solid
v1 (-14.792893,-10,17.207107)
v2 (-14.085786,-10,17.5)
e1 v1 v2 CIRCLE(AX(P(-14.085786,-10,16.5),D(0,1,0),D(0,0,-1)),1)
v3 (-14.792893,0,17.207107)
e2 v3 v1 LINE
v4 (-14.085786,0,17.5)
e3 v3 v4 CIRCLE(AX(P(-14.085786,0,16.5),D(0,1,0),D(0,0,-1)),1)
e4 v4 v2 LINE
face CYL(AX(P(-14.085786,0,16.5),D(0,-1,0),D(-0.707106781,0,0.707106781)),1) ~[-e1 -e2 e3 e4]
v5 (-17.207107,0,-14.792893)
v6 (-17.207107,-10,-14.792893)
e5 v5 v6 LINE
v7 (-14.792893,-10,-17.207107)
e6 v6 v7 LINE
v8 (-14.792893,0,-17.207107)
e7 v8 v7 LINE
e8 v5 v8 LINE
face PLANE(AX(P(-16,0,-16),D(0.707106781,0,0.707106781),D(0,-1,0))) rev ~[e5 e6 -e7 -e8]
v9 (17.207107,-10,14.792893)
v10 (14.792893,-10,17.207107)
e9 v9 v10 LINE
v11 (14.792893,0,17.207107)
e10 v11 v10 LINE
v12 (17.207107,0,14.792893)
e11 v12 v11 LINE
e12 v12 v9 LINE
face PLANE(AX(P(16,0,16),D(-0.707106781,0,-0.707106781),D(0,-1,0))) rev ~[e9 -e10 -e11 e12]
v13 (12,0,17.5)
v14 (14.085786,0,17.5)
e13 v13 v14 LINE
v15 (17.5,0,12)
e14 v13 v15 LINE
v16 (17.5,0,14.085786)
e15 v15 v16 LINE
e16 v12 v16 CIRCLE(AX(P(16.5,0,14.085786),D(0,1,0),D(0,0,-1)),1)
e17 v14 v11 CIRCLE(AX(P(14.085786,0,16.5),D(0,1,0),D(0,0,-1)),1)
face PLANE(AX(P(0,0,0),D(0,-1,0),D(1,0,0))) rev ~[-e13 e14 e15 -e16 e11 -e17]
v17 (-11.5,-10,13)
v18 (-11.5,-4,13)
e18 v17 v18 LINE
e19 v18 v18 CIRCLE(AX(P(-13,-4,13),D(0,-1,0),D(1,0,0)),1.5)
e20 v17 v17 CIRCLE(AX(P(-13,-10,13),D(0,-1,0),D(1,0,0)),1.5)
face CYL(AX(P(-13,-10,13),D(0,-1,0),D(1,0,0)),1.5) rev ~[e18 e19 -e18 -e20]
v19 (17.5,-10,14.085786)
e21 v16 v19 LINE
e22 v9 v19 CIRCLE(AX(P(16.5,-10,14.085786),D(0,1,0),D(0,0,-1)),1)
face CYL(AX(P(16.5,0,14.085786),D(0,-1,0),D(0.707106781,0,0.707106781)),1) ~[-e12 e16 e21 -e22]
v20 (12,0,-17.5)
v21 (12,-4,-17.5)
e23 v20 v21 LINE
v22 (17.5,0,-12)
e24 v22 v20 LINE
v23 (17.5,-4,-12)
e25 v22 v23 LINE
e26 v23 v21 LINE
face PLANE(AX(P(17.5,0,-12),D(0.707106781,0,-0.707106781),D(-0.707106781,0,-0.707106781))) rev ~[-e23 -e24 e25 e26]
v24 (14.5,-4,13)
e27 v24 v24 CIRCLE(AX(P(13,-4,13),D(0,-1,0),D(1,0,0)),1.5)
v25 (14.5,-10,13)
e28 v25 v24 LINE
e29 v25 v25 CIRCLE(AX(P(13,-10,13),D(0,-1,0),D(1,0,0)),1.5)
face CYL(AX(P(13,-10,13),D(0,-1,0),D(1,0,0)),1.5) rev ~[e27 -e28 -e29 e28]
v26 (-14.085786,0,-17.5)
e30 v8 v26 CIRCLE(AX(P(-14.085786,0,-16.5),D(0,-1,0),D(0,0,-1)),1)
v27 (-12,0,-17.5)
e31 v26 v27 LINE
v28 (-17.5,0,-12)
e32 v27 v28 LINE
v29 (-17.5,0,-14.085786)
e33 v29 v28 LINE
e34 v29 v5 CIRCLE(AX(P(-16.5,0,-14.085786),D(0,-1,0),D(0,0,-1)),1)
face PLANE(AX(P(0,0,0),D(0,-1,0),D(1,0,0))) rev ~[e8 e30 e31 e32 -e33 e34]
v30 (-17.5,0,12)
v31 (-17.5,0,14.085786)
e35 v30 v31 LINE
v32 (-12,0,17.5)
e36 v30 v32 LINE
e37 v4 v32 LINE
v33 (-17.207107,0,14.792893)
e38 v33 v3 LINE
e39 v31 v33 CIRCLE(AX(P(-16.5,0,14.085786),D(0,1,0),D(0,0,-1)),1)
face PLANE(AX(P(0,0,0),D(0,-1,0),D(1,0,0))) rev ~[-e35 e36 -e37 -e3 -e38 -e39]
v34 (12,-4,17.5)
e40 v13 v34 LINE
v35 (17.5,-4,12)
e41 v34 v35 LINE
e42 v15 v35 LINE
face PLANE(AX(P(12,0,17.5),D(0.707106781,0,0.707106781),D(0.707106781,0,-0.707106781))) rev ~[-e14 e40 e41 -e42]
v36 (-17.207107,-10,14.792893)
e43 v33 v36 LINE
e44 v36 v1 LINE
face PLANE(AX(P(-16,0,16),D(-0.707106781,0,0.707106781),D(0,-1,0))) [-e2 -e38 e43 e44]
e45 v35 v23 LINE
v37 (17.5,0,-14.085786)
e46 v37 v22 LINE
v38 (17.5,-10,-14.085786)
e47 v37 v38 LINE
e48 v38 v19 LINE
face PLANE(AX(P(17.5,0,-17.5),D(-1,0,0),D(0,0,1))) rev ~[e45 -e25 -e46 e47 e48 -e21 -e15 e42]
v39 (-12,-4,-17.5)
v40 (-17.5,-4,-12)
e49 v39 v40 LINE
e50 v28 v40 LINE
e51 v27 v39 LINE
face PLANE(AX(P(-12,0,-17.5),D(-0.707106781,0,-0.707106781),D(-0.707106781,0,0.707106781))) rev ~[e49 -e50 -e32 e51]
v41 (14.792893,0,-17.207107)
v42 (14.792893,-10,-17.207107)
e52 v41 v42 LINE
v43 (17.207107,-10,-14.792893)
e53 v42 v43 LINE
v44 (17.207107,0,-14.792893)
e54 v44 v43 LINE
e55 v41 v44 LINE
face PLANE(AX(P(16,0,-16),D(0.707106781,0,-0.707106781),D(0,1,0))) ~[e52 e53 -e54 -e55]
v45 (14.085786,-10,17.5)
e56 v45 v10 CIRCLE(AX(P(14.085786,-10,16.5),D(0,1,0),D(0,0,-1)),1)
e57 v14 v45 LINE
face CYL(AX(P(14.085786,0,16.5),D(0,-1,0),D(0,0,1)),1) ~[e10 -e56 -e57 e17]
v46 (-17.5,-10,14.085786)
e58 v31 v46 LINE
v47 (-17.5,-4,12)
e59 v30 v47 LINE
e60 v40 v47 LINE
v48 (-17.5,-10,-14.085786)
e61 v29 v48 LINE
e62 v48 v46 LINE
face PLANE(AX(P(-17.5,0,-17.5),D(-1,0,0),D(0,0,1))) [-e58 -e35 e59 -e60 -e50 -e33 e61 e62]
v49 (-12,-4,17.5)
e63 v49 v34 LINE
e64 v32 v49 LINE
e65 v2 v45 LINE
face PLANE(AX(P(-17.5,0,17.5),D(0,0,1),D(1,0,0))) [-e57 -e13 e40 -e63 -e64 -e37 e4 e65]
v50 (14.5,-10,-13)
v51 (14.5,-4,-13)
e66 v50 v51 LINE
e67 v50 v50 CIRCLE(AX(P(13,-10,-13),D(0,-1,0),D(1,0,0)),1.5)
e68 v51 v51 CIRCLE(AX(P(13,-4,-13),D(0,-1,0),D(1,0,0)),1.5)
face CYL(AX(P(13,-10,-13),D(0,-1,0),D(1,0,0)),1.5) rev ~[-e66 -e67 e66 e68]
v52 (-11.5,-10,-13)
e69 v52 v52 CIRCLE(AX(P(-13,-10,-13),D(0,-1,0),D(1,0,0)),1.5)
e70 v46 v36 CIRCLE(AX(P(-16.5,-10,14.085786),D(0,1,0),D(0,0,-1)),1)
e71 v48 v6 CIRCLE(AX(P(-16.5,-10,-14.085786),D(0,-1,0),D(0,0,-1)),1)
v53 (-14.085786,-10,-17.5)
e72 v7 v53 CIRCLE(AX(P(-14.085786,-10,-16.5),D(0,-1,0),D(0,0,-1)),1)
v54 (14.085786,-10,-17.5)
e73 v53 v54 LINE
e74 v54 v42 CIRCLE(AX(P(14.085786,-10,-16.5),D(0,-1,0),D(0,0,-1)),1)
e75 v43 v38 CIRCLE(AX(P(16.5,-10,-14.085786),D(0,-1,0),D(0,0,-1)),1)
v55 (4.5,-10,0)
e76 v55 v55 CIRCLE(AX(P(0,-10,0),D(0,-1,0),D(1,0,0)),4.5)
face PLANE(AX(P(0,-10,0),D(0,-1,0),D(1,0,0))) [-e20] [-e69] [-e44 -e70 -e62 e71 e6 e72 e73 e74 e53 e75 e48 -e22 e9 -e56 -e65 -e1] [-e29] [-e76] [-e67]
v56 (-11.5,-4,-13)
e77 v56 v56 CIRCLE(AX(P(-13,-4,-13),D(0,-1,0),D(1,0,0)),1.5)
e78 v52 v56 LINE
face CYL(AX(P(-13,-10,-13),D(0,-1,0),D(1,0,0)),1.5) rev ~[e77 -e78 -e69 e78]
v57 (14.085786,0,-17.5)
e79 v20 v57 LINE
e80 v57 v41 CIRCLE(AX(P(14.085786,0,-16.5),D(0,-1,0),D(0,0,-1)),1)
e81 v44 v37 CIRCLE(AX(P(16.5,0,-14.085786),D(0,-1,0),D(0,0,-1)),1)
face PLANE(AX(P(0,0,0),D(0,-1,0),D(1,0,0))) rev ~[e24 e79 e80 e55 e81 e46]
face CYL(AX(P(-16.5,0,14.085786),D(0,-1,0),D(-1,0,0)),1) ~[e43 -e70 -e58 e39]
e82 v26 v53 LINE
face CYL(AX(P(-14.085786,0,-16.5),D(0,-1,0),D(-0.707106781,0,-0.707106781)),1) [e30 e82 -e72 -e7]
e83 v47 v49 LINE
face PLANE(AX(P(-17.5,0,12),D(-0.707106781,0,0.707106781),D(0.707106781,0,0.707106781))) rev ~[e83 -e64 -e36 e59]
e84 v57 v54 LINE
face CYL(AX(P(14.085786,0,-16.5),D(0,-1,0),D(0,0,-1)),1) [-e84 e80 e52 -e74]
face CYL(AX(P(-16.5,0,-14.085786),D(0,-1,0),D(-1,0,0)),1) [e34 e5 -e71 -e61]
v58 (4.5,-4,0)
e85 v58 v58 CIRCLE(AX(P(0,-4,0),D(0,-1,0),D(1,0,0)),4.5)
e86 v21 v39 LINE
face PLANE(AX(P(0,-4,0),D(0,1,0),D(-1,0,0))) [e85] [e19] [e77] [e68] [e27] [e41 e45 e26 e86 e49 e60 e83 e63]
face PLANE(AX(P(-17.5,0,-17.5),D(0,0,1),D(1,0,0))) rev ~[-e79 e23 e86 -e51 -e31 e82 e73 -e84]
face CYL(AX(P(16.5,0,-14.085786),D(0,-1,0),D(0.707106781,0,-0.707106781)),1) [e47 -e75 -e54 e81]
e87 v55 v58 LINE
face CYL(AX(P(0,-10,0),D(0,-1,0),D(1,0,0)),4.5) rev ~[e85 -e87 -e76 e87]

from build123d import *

# Parameters (mm, degrees)
F0_W     = 35
F0_H     = 35
F1_DEPTH = 10
F2_SIZE  = 3
F3_R     = 1
F4_R     = 1.5
F5_DEPTH = 10.001
F6_R     = 4.5
F7_DEPTH = 10.001
F9_DEPTH = 4


with BuildPart() as f1:
    # F0 (on Front) → F1 (new body)
    with BuildSketch(Plane.XZ):
        Rectangle(F0_W, F0_H)
    extrude(amount=F1_DEPTH)

    # F2
    f2_edges = [f1.edges().sort_by_distance(p)[0] for p in [
        (-17.5, -5, 17.5),
        (17.5, -5, 17.5),
        (17.5, -5, -17.5),
        (-17.5, -5, -17.5),
    ]]
    chamfer(f2_edges, length=F2_SIZE)

    # F3
    f3_edges = [f1.edges().sort_by_distance(p)[0] for p in [
        (-14.5, -5, 17.5),
        (14.5, -5, 17.5),
        (17.5, -5, 14.5),
        (17.5, -5, -14.5),
        (14.5, -5, -17.5),
        (-14.5, -5, -17.5),
        (-17.5, -5, -14.5),
        (-17.5, -5, 14.5),
    ]]
    fillet(f3_edges, radius=F3_R)

    # F4 (on face) → F5 (cut, through all)
    with BuildSketch(Plane.XZ.offset(10)):
        with Locations((-13, 13)):
            Circle(F4_R)
        with Locations((-13, -13)):
            Circle(F4_R)
        with Locations((13, -13)):
            Circle(F4_R)
        with Locations((13, 13)):
            Circle(F4_R)
    extrude(amount=-F5_DEPTH, mode=Mode.SUBTRACT)

    # F6 (on face) → F7 (cut, through all)
    with BuildSketch(Plane.XZ.offset(10)):
        Circle(F6_R)
    extrude(amount=-F7_DEPTH, mode=Mode.SUBTRACT)

    # F8 (on face) → F9 (cut)
    with BuildSketch(Plane(origin=(0, 0, 0), x_dir=(-1, 0, 0), z_dir=(0, 1, 0))):
        Polygon((12, 17.5), (-12, 17.5), (-17.5, 12), (-17.5, -12), (-12, -17.5), (12, -17.5), (17.5, -12), (17.5, 12), align=None)
    extrude(amount=-F9_DEPTH, mode=Mode.SUBTRACT)


solid = f1.part
